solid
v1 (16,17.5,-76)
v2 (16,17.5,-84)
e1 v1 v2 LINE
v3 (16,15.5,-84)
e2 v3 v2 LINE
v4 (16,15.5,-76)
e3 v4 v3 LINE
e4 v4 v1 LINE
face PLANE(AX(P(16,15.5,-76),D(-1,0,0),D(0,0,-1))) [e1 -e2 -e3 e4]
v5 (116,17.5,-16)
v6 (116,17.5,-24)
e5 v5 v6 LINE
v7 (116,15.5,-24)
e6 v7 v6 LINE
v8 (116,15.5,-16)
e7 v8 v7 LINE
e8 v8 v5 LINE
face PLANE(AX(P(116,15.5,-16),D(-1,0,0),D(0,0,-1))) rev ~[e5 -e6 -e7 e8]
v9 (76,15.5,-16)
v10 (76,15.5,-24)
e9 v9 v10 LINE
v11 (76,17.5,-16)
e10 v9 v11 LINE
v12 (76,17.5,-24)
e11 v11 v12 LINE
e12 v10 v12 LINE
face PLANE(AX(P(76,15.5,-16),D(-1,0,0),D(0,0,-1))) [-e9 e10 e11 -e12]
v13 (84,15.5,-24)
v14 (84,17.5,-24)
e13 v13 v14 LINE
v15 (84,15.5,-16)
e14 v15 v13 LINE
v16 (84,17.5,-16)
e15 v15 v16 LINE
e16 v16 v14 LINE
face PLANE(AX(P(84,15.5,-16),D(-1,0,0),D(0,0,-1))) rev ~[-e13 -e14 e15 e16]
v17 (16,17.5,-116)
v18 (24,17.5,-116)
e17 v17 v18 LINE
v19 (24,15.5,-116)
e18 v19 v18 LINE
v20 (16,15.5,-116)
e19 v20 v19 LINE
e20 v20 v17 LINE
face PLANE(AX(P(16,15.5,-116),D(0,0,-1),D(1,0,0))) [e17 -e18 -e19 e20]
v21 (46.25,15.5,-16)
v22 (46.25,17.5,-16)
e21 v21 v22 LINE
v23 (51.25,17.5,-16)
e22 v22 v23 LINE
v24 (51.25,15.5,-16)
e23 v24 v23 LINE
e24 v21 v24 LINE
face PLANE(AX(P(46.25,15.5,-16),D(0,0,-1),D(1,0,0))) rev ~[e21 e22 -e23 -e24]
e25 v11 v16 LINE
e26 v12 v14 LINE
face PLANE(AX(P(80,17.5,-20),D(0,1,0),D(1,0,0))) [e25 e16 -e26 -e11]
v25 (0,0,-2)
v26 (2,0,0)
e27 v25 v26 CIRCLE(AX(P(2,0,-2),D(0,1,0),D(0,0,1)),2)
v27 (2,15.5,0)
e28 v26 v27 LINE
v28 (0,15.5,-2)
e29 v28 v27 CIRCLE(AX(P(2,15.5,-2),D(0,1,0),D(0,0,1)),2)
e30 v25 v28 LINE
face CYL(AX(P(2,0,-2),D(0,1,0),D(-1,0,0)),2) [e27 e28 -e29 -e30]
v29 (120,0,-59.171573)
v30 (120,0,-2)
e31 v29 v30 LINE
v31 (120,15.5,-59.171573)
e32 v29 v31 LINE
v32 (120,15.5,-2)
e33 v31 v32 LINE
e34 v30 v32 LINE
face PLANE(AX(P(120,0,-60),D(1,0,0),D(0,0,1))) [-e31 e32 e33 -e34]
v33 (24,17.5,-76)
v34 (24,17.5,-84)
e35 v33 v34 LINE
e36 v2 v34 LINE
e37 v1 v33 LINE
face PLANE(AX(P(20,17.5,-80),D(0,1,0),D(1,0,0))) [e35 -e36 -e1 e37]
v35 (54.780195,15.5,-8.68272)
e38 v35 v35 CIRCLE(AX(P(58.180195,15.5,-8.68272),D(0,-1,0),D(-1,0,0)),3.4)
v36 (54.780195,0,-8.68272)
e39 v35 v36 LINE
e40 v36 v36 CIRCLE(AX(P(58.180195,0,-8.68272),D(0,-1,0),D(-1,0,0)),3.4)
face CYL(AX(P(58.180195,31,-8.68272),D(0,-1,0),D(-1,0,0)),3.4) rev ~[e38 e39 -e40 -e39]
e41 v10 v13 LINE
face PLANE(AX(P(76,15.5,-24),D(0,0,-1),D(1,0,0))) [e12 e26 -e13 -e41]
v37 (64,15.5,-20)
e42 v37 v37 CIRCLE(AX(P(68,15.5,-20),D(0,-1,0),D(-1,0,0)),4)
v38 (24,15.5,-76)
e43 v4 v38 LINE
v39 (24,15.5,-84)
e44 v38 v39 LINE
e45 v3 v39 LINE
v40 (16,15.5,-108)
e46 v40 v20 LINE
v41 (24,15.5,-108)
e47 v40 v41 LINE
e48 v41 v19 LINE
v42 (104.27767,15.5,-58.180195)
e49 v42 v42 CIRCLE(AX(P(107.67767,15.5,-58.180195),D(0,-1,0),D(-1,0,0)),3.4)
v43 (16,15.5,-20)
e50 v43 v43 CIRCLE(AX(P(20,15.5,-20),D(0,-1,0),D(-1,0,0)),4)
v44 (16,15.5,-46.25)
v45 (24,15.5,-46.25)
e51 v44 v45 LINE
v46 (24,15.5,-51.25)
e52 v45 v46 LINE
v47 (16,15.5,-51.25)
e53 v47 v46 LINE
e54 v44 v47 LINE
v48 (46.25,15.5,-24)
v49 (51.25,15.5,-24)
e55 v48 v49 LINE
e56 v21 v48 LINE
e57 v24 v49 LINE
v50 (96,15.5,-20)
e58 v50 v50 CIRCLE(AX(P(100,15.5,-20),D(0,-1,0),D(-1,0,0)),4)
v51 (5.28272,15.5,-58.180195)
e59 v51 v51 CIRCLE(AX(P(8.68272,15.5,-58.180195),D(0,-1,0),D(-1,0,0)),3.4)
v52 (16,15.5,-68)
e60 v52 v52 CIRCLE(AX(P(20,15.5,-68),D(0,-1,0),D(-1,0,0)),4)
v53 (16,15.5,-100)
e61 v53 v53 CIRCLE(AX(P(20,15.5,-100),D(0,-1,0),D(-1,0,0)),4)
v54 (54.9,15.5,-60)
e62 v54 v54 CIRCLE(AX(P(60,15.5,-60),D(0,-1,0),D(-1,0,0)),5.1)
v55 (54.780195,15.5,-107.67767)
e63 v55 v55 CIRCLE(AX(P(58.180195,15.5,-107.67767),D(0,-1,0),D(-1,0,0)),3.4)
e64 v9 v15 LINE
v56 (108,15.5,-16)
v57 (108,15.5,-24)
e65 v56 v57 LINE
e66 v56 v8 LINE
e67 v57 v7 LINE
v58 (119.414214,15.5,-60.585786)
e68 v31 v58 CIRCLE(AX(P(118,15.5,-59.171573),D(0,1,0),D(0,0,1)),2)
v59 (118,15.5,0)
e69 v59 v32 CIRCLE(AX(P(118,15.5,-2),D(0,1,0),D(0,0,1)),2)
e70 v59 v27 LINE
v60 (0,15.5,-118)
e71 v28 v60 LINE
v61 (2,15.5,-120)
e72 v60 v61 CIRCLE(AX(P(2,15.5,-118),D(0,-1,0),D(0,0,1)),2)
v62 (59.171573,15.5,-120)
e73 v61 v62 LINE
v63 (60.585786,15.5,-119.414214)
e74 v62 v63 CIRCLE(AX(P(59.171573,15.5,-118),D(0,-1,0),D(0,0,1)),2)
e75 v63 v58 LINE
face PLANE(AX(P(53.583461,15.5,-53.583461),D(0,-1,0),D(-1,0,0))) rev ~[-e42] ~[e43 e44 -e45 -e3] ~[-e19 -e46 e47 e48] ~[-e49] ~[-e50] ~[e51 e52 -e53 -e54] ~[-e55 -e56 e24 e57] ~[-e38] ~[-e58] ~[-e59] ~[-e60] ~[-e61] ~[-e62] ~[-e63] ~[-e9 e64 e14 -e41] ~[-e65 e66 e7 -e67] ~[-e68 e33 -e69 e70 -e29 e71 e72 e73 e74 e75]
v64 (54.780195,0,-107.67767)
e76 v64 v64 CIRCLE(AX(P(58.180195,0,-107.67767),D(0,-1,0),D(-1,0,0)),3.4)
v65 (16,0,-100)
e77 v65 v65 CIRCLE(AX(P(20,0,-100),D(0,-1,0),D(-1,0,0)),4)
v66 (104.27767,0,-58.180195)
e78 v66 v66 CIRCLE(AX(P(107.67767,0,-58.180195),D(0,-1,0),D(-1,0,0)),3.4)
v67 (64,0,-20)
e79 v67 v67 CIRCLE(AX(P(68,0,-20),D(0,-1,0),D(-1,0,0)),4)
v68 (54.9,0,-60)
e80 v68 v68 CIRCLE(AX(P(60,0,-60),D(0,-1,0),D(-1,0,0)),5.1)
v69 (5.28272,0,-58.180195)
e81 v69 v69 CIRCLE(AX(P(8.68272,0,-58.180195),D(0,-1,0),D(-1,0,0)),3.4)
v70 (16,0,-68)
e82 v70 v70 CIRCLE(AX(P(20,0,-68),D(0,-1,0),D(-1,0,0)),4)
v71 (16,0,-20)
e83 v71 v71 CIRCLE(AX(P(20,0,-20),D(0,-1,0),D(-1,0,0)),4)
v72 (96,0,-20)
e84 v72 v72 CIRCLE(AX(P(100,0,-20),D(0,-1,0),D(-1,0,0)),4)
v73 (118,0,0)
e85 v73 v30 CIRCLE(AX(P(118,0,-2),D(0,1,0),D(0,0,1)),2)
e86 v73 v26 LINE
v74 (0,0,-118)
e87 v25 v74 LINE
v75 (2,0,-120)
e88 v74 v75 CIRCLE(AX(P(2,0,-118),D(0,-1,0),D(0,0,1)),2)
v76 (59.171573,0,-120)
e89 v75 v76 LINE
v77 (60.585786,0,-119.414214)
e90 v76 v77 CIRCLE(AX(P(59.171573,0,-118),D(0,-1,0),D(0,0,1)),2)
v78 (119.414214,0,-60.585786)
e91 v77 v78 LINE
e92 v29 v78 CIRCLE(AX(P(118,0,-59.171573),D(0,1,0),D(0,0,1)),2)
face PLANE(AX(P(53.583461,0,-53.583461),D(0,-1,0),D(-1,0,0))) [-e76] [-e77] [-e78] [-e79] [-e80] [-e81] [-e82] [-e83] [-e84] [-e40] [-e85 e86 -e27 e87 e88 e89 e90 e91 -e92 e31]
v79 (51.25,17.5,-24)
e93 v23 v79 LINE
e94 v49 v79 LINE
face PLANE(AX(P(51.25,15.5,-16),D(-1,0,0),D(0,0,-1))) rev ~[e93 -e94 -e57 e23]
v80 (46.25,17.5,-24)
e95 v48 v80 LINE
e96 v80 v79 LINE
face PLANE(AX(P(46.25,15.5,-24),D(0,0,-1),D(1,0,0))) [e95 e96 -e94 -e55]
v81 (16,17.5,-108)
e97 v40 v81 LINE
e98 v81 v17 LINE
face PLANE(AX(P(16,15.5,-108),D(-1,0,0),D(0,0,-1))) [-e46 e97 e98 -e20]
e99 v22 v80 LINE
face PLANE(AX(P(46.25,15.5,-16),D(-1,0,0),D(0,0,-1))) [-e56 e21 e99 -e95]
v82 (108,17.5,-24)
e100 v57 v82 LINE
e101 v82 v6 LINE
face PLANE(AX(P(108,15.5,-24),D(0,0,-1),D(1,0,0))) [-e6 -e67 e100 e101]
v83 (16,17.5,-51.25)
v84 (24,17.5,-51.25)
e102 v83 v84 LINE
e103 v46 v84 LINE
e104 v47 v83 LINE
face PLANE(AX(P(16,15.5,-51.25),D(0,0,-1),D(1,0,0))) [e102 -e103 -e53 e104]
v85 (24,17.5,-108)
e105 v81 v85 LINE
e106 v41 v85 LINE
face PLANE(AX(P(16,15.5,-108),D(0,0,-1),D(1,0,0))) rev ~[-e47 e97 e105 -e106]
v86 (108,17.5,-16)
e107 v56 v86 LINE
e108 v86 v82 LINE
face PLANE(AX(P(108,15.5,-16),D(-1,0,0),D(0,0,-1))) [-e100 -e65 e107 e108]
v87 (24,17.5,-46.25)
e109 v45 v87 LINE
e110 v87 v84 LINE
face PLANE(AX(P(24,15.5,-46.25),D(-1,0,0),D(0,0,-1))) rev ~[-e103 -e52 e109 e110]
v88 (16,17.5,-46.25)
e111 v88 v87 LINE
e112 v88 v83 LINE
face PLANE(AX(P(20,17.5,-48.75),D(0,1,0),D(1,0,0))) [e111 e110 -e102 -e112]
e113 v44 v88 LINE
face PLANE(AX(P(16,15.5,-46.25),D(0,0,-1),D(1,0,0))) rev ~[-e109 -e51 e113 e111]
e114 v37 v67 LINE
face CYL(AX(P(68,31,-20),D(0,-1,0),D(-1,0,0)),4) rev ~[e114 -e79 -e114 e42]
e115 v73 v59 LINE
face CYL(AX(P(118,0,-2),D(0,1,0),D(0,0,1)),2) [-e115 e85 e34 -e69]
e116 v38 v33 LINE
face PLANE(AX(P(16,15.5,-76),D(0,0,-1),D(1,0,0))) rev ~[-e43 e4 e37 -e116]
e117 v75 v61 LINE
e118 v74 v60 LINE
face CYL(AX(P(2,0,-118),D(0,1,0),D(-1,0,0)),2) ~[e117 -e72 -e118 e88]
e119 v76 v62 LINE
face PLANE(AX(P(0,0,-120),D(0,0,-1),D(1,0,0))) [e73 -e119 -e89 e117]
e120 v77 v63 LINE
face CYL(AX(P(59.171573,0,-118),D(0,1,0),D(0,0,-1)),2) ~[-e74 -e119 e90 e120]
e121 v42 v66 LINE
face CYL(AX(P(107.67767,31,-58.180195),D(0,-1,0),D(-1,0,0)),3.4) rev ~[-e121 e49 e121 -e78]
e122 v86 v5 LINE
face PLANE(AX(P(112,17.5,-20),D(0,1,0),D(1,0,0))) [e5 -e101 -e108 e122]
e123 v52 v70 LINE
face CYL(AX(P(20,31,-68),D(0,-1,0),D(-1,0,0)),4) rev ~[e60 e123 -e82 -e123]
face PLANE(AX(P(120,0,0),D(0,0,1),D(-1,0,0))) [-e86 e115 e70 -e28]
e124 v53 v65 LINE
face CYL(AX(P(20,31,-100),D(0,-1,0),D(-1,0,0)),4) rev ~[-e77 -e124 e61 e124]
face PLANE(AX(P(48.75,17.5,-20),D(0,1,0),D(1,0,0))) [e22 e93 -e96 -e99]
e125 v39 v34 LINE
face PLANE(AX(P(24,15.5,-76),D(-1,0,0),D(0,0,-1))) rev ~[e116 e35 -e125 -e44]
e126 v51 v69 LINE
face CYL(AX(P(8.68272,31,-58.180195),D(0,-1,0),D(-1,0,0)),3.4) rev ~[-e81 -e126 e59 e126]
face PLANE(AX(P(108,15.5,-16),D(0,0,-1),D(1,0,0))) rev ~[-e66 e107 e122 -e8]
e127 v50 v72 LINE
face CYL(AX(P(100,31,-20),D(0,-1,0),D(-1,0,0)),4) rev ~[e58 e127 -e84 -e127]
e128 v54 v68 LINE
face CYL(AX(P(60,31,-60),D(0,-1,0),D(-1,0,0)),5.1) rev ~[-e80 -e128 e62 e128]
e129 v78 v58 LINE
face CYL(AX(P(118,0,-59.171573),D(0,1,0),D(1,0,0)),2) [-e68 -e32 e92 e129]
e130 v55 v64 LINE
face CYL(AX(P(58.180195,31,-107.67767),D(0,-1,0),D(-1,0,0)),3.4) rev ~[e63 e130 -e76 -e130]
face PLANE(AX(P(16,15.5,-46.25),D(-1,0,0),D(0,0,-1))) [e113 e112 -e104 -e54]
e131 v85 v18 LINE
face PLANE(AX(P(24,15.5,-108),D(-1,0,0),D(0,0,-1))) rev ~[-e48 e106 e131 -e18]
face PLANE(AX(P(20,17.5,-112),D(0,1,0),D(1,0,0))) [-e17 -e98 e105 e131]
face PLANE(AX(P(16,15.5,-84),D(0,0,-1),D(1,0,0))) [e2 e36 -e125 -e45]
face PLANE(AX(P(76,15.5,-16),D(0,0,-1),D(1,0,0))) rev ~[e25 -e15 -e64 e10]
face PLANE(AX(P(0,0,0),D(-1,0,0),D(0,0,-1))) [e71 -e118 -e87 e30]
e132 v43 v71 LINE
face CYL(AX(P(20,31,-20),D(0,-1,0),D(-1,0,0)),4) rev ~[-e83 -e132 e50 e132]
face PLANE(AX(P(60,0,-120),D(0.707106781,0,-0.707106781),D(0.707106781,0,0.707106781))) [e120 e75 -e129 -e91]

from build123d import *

# Parameters (mm, degrees)
EXTRUDE_1_DEPTH           = 15.5
HOLE_WIZARD_M121_D        = 10.2
HOLE_WIZARD_M121_DEPTH    = 15.5
HOLE_WIZARD_M82_D         = 6.8
HOLE_WIZARD_M82_DEPTH     = 15.5
HOLE_WIZARD_8_0_8_1_D     = 8
HOLE_WIZARD_8_0_8_1_DEPTH = 15.5
SKETCH_9_W                = 8
SKETCH_9_H                = 8
SKETCH_9_H_2              = 5
SKETCH_9_W_2              = 5
EXTRUDE_2_DEPTH           = 2
FILLET_1_R                = 2


with BuildPart() as part:
    # Эскиз1 → Бобышка-Вытянуть1 (new body)
    with BuildSketch(Plane(origin=(0, 0, 0), x_dir=(1, 0, 0), z_dir=(0, 1, 0))):
        Polygon((0, 0), (0, 120), (60, 120), (120, 60), (120, 0), align=None)
    extrude(amount=EXTRUDE_1_DEPTH)

    # Отверстие обработанное метчиком M121
    with Locations(Plane(origin=(0, 15.5, 0), x_dir=(1, 0, 0), z_dir=(0, 1, 0))):
        with Locations((60, 60)):
            Hole(HOLE_WIZARD_M121_D / 2, depth=HOLE_WIZARD_M121_DEPTH)

    # Отверстие обработанное метчиком M82
    with Locations(Plane(origin=(0, 15.5, 0), x_dir=(1, 0, 0), z_dir=(0, 1, 0))):
        with Locations((58.180194847, 107.67766953), (107.67766953, 58.180194847), (58.180194847, 8.682720164), (8.682720164, 58.180194847)):
            Hole(HOLE_WIZARD_M82_D / 2, depth=HOLE_WIZARD_M82_DEPTH)

    # Диаметр отверстия Ø8.0 (8)1
    with Locations(Plane(origin=(0, 15.5, 0), x_dir=(1, 0, 0), z_dir=(0, 1, 0))):
        with Locations((20, 100), (20, 68), (20, 20), (68, 20), (100, 20)):
            Hole(HOLE_WIZARD_8_0_8_1_D / 2, depth=HOLE_WIZARD_8_0_8_1_DEPTH)

    # Эскиз9 → Бобышка-Вытянуть2 (add)
    with BuildSketch(Plane(origin=(0, 15.5, 0), x_dir=(1, 0, 0), z_dir=(0, 1, 0))):
        with Locations((20, 112)):
            Rectangle(SKETCH_9_W, SKETCH_9_H)
        with Locations((20, 80)):
            Rectangle(SKETCH_9_W, SKETCH_9_H)
        with Locations((20, 48.75)):
            Rectangle(SKETCH_9_W, SKETCH_9_H_2)
        with Locations((48.75, 20)):
            Rectangle(SKETCH_9_W_2, SKETCH_9_H)
        with Locations((80, 20)):
            Rectangle(SKETCH_9_W, SKETCH_9_H)
        with Locations((112, 20)):
            Rectangle(SKETCH_9_W, SKETCH_9_H)
    extrude(amount=EXTRUDE_2_DEPTH)

    # Скругление1
    fillet_1_edges = [part.edges().sort_by_distance(p)[0] for p in [
        (0, 7.75, 0),
        (0, 7.75, -120),
        (60, 7.75, -120),
        (120, 7.75, -60),
        (120, 7.75, 0),
    ]]
    fillet(fillet_1_edges, radius=FILLET_1_R)


solid = part.part
